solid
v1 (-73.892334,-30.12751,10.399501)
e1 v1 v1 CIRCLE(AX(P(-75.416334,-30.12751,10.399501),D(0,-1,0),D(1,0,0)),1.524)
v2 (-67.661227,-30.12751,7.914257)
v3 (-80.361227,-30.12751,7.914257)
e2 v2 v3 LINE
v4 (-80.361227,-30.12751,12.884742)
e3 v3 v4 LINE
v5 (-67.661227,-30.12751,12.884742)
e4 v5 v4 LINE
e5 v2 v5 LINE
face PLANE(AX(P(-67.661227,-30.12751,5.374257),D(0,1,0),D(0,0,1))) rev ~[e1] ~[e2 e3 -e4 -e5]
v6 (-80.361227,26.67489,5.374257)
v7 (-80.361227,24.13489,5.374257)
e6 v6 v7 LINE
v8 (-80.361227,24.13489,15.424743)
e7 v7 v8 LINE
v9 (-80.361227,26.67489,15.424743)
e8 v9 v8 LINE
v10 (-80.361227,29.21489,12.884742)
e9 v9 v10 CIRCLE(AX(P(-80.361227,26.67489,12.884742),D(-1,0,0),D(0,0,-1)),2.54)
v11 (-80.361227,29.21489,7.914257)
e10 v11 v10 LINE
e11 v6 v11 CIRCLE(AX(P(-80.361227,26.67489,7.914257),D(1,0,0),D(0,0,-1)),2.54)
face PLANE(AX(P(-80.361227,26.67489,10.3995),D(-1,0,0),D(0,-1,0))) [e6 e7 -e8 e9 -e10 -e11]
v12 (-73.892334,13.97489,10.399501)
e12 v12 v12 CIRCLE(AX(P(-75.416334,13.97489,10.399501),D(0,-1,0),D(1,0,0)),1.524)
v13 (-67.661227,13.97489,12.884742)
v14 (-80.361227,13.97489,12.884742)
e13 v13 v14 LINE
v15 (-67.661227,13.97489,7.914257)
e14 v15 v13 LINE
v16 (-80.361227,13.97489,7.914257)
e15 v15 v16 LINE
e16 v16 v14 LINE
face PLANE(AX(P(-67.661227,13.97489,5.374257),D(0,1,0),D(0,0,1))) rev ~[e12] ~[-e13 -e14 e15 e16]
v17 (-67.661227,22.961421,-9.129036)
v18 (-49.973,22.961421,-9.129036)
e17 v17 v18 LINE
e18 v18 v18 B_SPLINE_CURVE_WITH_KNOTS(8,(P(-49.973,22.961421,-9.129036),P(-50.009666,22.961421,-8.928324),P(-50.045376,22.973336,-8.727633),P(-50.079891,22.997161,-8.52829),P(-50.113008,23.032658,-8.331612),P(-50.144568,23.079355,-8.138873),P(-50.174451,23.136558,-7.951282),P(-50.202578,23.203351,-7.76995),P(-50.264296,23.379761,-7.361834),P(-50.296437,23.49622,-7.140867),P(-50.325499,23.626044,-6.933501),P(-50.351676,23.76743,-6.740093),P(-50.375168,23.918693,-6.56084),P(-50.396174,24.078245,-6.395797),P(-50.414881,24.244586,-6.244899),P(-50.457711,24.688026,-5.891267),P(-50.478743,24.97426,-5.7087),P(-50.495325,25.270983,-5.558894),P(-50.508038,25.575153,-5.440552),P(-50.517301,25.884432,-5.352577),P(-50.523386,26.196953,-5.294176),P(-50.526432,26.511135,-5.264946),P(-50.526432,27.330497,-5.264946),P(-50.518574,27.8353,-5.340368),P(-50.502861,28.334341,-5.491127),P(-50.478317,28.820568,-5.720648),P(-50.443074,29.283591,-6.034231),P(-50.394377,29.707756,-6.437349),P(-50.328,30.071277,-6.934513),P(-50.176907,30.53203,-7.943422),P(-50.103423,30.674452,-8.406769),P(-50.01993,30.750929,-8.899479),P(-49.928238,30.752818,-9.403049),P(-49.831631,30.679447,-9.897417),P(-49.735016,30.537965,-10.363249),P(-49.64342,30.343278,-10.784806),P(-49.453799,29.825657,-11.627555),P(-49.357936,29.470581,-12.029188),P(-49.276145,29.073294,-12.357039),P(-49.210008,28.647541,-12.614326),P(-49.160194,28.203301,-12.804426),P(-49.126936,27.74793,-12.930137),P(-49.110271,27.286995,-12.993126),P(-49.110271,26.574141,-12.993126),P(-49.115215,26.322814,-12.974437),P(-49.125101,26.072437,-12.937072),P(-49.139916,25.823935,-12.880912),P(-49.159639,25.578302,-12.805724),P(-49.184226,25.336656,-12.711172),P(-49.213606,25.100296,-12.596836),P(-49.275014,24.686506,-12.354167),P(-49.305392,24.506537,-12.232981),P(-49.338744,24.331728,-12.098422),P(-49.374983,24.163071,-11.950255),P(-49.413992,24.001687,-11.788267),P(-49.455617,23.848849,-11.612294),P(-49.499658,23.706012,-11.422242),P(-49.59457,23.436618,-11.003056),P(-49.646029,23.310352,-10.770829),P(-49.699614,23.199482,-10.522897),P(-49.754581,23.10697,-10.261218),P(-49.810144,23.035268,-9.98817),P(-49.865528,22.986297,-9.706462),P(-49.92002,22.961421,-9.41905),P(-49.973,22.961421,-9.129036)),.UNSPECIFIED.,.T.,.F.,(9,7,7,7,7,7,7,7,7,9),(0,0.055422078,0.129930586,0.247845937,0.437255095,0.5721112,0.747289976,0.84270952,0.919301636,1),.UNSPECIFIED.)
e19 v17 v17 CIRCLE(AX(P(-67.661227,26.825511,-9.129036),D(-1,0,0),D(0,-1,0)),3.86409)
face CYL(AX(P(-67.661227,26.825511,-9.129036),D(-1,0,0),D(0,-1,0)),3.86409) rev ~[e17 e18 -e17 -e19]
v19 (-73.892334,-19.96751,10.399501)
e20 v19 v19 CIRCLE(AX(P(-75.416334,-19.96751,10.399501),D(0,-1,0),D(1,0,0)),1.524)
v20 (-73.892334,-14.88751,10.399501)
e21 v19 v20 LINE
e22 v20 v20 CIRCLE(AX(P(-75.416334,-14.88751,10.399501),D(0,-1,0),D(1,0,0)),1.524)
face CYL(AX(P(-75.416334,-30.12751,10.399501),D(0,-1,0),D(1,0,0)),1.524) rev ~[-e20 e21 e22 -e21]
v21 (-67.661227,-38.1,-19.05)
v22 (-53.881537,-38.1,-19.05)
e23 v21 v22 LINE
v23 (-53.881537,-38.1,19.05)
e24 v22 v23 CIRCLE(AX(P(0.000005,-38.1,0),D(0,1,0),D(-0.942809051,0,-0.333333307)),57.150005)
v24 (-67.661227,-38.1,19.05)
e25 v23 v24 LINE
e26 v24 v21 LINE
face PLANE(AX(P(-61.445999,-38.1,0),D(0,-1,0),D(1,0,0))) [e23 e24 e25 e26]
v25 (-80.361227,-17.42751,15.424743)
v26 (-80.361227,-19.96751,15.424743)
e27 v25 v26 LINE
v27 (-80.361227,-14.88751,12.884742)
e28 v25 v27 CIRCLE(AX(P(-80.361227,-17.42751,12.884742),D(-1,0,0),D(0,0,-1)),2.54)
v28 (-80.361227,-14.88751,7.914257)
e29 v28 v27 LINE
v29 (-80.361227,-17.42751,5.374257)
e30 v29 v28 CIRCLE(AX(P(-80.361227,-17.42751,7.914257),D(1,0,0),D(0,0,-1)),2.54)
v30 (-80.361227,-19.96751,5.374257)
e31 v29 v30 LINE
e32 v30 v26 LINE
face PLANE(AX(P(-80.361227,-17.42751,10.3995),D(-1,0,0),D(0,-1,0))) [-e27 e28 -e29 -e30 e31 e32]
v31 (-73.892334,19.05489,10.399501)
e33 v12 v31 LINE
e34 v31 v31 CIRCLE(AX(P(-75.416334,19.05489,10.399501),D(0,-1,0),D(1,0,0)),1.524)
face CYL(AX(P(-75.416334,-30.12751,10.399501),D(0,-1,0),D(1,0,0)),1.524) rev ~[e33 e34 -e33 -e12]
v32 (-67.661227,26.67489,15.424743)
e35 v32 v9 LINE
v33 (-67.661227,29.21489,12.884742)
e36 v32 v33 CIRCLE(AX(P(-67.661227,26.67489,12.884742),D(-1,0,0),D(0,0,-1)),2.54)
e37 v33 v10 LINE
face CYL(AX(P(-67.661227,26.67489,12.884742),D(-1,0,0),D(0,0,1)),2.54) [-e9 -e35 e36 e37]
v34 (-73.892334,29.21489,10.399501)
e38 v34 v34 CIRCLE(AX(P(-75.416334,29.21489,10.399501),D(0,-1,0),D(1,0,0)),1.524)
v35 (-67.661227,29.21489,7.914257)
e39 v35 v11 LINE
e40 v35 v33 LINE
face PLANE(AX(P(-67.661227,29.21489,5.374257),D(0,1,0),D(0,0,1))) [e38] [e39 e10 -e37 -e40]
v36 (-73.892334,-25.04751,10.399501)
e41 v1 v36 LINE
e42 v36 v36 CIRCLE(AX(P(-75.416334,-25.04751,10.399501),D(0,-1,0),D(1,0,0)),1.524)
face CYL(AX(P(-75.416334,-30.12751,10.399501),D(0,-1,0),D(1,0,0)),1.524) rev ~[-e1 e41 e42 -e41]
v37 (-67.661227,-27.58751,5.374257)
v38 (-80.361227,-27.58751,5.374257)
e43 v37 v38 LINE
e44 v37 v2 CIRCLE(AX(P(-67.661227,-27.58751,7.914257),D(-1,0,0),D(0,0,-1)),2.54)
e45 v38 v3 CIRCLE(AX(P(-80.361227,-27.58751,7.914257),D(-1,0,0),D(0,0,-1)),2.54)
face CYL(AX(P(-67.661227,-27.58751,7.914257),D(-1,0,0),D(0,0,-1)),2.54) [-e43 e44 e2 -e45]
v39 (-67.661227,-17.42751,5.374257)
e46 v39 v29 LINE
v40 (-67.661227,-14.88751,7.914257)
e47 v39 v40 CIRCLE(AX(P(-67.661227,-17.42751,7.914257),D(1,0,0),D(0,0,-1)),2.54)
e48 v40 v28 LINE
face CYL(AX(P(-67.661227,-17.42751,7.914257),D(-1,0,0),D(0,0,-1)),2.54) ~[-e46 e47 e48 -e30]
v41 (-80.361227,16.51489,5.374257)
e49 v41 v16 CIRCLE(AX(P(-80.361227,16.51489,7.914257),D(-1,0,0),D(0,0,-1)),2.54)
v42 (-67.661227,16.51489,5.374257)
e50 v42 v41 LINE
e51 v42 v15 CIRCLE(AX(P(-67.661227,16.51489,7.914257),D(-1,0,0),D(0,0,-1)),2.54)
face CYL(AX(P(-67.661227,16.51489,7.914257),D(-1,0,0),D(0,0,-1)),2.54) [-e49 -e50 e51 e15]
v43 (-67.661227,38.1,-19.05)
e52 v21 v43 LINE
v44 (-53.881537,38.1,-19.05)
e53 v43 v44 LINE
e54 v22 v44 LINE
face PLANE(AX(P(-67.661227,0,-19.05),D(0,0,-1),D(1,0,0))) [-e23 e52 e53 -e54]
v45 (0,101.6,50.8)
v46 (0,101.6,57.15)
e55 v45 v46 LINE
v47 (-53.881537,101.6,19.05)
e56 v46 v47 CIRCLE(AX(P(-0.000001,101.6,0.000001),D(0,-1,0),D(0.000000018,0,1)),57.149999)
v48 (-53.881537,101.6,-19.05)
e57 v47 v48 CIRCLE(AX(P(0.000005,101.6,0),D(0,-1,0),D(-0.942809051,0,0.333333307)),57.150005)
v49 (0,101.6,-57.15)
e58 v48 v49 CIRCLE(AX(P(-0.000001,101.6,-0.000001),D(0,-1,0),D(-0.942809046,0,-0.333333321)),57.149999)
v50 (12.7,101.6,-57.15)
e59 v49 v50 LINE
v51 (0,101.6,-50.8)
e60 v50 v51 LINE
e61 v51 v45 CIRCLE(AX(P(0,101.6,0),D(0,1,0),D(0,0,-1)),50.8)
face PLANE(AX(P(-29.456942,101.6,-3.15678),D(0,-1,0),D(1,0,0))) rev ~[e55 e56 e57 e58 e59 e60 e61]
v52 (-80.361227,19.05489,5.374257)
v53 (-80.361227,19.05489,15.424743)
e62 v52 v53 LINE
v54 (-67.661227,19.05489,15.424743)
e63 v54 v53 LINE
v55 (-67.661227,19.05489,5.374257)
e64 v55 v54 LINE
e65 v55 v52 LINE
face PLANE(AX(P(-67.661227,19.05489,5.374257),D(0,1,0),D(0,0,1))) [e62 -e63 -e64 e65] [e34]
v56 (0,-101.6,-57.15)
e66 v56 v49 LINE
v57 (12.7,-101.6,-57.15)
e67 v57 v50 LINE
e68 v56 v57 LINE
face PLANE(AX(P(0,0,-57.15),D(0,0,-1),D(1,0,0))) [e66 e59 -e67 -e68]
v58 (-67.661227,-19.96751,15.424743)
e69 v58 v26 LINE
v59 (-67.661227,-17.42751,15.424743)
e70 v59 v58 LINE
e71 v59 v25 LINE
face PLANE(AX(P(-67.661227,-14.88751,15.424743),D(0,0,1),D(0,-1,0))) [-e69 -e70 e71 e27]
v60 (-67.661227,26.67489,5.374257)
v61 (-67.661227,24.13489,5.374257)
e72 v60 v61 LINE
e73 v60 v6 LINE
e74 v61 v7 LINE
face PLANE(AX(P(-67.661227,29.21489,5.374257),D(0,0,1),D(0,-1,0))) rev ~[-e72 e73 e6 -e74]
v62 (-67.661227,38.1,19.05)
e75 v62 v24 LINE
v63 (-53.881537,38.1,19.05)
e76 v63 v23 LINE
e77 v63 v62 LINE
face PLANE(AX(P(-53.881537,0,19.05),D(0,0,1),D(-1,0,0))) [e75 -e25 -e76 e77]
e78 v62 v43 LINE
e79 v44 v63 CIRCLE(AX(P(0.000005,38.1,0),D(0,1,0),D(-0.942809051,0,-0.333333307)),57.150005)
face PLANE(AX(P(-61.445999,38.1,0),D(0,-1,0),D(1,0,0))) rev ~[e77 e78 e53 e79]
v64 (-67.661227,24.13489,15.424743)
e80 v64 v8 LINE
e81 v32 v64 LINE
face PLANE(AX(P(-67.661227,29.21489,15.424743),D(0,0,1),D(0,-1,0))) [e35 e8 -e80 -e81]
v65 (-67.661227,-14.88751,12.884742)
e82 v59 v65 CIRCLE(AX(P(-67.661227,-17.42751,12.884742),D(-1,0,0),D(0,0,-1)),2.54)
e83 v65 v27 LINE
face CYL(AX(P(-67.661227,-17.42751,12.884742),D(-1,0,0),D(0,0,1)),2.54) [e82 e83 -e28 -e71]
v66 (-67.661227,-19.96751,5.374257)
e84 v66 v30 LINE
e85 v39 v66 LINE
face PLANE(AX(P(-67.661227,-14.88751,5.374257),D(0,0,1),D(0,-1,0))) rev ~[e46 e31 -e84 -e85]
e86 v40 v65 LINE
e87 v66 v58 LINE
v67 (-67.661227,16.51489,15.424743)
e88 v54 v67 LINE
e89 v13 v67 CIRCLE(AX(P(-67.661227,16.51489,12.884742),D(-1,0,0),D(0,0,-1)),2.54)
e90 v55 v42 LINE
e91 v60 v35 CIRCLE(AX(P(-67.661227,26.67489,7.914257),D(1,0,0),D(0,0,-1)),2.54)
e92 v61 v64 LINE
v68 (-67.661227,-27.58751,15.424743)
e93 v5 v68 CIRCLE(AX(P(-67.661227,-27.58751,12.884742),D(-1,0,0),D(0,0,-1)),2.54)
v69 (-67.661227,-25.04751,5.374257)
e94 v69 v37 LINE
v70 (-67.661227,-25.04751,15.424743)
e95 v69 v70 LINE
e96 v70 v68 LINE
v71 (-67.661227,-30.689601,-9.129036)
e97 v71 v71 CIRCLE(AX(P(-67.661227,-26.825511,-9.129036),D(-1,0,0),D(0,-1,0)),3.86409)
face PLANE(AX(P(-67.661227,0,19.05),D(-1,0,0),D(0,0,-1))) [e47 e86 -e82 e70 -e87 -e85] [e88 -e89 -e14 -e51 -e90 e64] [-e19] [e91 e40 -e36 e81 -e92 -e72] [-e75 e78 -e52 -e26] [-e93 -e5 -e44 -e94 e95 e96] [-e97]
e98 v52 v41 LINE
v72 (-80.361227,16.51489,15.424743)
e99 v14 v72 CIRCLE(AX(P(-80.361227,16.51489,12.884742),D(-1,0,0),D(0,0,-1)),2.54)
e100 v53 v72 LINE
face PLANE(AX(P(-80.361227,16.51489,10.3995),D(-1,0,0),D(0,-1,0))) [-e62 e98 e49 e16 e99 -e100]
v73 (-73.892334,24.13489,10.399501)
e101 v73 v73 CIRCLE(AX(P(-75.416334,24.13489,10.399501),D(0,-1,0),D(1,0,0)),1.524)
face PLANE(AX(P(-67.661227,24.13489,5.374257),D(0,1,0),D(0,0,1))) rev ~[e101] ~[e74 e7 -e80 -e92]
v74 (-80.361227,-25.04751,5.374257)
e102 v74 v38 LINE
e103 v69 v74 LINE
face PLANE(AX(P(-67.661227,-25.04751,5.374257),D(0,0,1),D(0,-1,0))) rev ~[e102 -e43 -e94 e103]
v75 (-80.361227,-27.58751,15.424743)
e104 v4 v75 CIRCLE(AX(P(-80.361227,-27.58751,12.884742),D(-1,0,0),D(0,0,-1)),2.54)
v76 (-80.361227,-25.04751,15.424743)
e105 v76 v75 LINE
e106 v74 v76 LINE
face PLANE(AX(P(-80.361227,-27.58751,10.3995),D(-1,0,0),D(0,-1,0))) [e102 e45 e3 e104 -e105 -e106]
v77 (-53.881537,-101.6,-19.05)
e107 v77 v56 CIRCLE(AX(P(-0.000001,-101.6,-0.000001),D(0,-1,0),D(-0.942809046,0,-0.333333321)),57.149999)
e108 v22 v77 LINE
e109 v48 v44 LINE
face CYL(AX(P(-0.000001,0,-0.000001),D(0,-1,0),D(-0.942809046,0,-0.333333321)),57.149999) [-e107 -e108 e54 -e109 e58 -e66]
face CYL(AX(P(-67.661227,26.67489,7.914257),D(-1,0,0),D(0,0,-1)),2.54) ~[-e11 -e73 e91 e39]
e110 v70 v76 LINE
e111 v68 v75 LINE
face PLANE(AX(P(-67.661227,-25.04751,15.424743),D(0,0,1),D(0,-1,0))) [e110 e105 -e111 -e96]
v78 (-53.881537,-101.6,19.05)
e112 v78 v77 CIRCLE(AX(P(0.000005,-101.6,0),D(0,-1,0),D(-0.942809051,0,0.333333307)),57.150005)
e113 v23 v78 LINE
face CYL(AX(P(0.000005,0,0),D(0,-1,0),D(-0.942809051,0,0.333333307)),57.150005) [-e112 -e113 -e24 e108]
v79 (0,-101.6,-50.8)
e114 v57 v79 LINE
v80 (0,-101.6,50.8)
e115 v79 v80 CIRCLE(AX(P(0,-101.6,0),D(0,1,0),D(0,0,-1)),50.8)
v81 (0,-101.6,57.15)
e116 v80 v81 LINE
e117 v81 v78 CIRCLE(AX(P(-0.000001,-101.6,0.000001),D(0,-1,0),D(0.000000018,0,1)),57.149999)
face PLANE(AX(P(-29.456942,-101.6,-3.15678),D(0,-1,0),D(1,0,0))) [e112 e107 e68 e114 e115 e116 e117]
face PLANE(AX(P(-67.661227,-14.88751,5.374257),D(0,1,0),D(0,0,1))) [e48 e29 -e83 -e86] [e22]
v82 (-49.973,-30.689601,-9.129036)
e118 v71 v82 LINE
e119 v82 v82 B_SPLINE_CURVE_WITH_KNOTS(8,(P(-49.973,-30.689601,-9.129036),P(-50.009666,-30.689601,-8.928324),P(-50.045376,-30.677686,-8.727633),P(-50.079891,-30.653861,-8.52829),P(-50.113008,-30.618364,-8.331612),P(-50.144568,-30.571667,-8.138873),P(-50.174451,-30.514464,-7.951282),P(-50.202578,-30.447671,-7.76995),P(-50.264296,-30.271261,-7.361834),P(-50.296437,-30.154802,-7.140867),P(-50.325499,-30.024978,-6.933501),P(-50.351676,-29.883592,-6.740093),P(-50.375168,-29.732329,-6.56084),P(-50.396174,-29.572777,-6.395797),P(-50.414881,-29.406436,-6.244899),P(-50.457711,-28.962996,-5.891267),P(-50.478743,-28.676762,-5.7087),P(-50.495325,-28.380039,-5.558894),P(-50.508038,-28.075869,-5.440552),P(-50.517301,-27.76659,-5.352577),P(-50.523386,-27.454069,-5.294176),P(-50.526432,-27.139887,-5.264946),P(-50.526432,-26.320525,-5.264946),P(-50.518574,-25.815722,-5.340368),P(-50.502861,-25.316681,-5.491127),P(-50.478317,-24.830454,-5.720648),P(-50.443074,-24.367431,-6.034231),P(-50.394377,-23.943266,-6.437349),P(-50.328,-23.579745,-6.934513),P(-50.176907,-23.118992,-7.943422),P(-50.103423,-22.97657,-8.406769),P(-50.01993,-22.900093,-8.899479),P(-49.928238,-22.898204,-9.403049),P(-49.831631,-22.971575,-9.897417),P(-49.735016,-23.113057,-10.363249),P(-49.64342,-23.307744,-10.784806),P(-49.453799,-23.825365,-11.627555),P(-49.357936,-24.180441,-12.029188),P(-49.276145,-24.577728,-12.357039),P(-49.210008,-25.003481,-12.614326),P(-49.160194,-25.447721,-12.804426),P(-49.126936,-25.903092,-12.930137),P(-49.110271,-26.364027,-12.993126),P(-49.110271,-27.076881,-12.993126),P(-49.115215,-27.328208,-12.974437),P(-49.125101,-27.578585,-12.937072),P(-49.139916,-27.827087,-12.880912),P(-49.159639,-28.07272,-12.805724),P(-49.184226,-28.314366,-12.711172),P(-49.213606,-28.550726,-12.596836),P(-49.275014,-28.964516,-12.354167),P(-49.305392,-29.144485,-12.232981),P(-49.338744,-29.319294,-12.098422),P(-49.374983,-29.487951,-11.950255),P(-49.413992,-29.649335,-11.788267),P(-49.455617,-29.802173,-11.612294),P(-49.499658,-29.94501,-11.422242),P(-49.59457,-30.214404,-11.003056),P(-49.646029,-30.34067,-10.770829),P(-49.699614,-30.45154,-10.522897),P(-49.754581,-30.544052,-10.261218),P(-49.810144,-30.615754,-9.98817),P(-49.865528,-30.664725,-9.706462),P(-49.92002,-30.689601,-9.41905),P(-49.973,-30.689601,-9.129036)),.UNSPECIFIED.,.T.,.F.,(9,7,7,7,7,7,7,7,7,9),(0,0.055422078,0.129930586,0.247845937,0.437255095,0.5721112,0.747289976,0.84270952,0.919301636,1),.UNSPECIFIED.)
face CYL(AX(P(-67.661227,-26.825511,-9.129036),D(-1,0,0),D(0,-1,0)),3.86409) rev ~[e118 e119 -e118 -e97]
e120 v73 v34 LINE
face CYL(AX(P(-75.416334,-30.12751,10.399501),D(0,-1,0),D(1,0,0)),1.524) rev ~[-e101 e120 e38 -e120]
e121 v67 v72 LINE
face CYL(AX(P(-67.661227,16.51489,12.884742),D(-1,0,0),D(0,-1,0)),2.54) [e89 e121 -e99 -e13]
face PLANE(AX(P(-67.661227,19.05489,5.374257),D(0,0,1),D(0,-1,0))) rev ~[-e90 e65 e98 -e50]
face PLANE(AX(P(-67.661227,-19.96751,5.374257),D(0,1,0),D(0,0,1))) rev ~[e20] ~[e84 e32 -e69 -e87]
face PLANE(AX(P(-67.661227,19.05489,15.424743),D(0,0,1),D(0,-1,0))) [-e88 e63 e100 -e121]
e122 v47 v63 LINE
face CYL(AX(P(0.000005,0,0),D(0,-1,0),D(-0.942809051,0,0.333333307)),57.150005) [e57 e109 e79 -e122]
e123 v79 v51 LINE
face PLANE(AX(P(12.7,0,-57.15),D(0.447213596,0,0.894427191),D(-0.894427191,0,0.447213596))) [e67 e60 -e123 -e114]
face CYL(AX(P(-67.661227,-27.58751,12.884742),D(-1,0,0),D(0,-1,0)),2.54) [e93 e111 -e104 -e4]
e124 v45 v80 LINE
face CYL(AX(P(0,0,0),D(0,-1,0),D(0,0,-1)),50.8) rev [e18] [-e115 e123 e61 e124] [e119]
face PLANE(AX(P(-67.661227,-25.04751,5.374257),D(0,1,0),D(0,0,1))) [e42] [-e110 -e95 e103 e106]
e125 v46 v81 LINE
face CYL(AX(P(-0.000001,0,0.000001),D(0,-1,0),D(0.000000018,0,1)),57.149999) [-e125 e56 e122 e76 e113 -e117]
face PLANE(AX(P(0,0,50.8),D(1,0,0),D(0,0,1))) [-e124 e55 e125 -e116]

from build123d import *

# Parameters (mm, degrees)
F1_DEPTH = 101.6
F2_DEPTH = 38.1
F3_R     = 3.86409
F4_DEPTH = 25.4
F3_W     = 5.08
F3_H     = 10.050485
F5_DEPTH = 12.7
F6_R     = 2.54
F7_R     = 1.524
F8_DEPTH = 101.6


with BuildPart() as f1:
    # F0 (on Front) → F1 (new body, symmetric)
    with BuildSketch(Plane.XZ):
        with BuildLine():
            ThreePointArc((0, -50.8), (-50.8, 0), (0, 50.8))
            Line((0, 50.8), (0, 57.15))
            ThreePointArc((0, 57.15), (-32.995568, 46.66278), (-53.881537, 19.05))
            ThreePointArc((-53.881537, 19.05), (-57.15, 0), (-53.881537, -19.05))
            ThreePointArc((-53.881537, -19.05), (-32.995568, -46.66278), (0, -57.15))
            Line((0, -57.15), (12.7, -57.15))
            Line((12.7, -57.15), (0, -50.8))
        make_face()
    extrude(amount=F1_DEPTH, both=True)

    # F0 (on Front) → F2 (join, symmetric)
    with BuildSketch(Plane.XZ):
        with BuildLine():
            ThreePointArc((-53.881537, -19.05), (-57.15, 0), (-53.881537, 19.05))
            Line((-53.881537, 19.05), (-67.661227, 19.05))
            Line((-67.661227, 19.05), (-67.661227, -19.05))
            Line((-67.661227, -19.05), (-53.881537, -19.05))
        make_face()
    extrude(amount=F2_DEPTH, both=True)

    # F3 (on face) → F4 (cut)
    with BuildSketch(Plane(origin=(-67.661227, 0, 0), x_dir=(0, -1, 0), z_dir=(-1, 0, 0))):
        with Locations((-26.825511, -9.129036)):
            Circle(F3_R)
        with Locations((26.825511, -9.129036)):
            Circle(F3_R)
    extrude(amount=-F4_DEPTH, mode=Mode.SUBTRACT)

    # F3 (on face) → F5 (join)
    with BuildSketch(Plane(origin=(-67.661227, 0, 0), x_dir=(0, -1, 0), z_dir=(-1, 0, 0))):
        with Locations((-26.67489, 10.3995)):
            Rectangle(F3_W, F3_H)
        with Locations((-16.51489, 10.3995)):
            Rectangle(F3_W, F3_H)
        with Locations((17.42751, 10.3995)):
            Rectangle(F3_W, F3_H)
        with Locations((27.58751, 10.3995)):
            Rectangle(F3_W, F3_H)
    extrude(amount=F5_DEPTH)

    # F6
    f6_edges = [f1.edges().sort_by_distance(p)[0] for p in [
        (-74.011227, 29.21489, 15.424743),
        (-74.011227, 29.21489, 5.374258),
        (-74.011227, 13.97489, 5.374258),
        (-74.011227, 13.97489, 15.424743),
        (-74.011227, -14.88751, 5.374258),
        (-74.011227, -30.12751, 5.374258),
        (-74.011227, -30.12751, 15.424743),
        (-74.011227, -14.88751, 15.424743),
    ]]
    fillet(f6_edges, radius=F6_R)

    # F7 (on face) → F8 (cut)
    with BuildSketch(Plane.XZ.offset(30.12751)):
        with Locations((-75.416334, 10.399501)):
            Circle(F7_R)
    extrude(amount=-F8_DEPTH, mode=Mode.SUBTRACT)


solid = f1.part
